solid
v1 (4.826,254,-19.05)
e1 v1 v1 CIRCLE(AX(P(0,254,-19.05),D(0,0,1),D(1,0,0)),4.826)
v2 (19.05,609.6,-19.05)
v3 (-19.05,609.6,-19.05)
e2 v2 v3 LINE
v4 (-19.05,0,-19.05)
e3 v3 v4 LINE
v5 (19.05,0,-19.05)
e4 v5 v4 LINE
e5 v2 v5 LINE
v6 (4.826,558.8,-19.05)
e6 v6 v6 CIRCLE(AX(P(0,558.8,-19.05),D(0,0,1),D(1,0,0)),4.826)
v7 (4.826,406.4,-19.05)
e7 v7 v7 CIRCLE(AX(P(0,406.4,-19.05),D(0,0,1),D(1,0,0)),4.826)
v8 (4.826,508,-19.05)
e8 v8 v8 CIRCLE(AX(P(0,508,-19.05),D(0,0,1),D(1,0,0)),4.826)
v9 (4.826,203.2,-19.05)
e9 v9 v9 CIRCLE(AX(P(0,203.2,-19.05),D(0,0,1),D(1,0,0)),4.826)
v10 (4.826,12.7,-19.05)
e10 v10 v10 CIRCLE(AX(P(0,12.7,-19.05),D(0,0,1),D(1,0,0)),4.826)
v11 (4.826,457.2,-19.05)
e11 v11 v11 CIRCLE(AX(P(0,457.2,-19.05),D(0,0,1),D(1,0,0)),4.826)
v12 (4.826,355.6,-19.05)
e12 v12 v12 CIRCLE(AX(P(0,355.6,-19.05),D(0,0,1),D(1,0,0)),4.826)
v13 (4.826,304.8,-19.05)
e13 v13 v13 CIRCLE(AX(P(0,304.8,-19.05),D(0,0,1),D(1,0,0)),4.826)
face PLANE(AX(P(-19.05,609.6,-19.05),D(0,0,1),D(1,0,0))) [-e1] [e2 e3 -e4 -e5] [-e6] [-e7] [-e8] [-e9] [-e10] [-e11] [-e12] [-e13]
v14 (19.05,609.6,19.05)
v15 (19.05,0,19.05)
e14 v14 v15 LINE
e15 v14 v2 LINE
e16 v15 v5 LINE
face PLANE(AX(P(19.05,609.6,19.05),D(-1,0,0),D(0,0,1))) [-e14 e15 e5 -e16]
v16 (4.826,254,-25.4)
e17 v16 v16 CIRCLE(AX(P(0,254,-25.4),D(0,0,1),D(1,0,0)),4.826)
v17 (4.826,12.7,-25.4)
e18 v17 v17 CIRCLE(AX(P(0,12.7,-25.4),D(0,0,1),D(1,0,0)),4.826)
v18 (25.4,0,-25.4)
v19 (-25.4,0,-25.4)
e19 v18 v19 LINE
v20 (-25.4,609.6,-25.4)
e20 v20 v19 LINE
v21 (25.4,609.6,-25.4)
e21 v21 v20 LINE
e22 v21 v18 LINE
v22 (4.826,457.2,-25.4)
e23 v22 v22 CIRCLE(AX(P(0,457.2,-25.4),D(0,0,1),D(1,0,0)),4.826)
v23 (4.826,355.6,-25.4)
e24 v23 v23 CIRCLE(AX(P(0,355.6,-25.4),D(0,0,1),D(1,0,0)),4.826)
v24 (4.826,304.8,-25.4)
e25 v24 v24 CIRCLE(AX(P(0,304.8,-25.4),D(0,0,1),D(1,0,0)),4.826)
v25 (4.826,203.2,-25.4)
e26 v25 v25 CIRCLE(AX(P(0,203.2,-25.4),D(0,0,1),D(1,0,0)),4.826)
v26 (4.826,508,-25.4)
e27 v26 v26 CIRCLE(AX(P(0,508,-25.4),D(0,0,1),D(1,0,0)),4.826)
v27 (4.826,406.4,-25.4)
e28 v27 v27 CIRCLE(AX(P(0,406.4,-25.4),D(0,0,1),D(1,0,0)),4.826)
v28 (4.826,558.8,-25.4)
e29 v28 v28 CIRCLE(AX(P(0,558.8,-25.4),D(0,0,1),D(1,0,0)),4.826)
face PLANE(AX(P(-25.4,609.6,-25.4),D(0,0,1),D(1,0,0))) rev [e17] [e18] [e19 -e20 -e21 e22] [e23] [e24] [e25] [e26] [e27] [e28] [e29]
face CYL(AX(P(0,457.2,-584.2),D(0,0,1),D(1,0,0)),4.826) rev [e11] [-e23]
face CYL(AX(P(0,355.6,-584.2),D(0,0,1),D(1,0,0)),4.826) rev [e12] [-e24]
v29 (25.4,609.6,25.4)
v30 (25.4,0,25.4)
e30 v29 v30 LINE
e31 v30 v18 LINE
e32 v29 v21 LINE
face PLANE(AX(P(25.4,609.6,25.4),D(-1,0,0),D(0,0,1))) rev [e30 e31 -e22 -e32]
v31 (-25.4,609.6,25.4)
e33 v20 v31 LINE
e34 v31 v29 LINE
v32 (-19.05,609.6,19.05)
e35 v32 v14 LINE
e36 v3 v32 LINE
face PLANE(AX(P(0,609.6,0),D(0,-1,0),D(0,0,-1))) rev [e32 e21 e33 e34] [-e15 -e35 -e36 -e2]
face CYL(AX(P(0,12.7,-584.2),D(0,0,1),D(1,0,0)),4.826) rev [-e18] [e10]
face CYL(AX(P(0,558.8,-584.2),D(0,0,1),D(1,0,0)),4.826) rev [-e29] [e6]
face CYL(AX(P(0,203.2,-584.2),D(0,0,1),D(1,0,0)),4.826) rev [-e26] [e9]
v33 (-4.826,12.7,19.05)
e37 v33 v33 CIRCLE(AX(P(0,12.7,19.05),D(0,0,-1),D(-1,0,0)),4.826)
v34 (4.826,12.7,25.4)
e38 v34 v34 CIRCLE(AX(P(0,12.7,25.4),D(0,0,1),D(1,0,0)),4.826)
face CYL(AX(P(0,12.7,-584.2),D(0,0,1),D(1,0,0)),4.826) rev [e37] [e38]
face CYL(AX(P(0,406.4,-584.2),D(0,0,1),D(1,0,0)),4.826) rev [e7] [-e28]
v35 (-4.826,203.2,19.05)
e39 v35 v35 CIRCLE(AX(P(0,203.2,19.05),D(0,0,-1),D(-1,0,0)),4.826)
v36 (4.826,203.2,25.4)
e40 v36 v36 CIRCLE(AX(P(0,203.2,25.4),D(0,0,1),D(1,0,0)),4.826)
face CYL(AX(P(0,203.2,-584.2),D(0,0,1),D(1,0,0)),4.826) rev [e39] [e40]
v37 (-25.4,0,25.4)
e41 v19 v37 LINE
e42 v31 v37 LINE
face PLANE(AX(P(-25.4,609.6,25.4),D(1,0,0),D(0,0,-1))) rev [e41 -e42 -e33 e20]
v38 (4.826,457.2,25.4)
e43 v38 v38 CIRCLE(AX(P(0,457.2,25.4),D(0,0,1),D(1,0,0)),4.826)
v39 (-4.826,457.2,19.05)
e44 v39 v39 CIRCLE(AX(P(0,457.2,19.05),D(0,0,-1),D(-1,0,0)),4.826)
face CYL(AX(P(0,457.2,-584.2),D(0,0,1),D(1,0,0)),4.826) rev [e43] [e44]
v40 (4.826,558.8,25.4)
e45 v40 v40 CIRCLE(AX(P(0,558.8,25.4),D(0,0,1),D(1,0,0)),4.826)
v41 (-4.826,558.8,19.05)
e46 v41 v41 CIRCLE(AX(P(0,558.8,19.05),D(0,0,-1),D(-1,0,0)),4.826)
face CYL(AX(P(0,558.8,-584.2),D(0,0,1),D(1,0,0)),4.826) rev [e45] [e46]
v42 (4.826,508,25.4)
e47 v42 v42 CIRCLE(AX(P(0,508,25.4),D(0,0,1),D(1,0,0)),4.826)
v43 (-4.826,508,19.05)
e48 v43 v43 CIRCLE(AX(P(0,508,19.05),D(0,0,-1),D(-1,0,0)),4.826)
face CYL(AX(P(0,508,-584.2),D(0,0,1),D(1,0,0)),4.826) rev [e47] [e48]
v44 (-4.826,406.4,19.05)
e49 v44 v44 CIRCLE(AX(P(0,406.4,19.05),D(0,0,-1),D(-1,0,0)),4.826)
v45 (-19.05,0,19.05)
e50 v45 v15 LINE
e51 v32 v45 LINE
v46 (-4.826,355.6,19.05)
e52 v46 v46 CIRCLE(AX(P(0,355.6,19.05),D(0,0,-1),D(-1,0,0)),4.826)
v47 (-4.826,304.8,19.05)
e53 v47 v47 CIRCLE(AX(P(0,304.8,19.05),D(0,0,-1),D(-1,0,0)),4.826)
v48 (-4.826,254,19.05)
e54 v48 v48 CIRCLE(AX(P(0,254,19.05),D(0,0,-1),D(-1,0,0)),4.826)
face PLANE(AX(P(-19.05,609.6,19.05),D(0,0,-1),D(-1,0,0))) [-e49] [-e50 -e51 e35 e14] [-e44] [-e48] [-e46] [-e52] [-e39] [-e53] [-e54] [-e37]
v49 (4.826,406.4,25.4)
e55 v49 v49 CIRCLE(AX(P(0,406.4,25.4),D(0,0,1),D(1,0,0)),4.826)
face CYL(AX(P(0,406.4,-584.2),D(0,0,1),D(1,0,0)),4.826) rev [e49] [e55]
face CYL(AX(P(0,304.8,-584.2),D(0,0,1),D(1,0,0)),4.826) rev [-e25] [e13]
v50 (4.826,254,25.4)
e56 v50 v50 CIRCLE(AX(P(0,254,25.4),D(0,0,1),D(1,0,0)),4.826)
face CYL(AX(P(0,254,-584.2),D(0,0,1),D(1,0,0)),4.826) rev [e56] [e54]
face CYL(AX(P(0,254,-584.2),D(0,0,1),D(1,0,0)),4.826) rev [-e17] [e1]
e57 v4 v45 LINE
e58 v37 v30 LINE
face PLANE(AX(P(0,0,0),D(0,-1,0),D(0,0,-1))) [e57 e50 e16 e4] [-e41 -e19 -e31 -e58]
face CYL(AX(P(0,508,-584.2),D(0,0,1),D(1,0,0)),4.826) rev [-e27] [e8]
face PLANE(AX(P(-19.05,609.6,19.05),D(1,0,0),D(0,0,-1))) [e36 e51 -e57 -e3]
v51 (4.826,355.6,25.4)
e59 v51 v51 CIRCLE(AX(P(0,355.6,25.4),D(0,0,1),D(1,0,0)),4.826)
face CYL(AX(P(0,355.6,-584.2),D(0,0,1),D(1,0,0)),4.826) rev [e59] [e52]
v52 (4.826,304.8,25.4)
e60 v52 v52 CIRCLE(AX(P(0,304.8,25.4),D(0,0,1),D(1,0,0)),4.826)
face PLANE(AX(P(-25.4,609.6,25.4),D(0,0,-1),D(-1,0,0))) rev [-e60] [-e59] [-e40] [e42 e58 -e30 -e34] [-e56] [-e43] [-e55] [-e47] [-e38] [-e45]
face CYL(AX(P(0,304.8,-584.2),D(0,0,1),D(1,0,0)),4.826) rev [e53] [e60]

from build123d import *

# Parameters (mm, degrees)
SKETCH2_W           = 50.8
SKETCH2_H           = 50.8
SKETCH2_W_2         = 38.1
SKETCH2_H_2         = 38.1
BOSS_EXTRUDE1_DEPTH = 609.6
SKETCH3_R           = 4.826
CUT_EXTRUDE1_DEPTH  = 609.6


with BuildPart() as part:
    # Sketch2 → Boss-Extrude1 (new body)
    with BuildSketch(Plane(origin=(0, 0, 0), x_dir=(1, 0, 0), z_dir=(0, 1, 0))):
        Rectangle(SKETCH2_W, SKETCH2_H)
        Rectangle(SKETCH2_W_2, SKETCH2_H_2, mode=Mode.SUBTRACT)
    extrude(amount=BOSS_EXTRUDE1_DEPTH)

    # Sketch3 → Cut-Extrude1 (cut)
    with BuildSketch(Plane.XY.offset(25.4)):
        with Locations((0, 12.7)):
            Circle(SKETCH3_R)
        with Locations((0, 558.8)):
            Circle(SKETCH3_R)
        with Locations((0, 508)):
            Circle(SKETCH3_R)
        with Locations((0, 457.2)):
            Circle(SKETCH3_R)
        with Locations((0, 406.4)):
            Circle(SKETCH3_R)
        with Locations((0, 355.6)):
            Circle(SKETCH3_R)
        with Locations((0, 304.8)):
            Circle(SKETCH3_R)
        with Locations((0, 254)):
            Circle(SKETCH3_R)
        with Locations((0, 203.2)):
            Circle(SKETCH3_R)
    extrude(amount=-CUT_EXTRUDE1_DEPTH, mode=Mode.SUBTRACT)


solid = part.part
